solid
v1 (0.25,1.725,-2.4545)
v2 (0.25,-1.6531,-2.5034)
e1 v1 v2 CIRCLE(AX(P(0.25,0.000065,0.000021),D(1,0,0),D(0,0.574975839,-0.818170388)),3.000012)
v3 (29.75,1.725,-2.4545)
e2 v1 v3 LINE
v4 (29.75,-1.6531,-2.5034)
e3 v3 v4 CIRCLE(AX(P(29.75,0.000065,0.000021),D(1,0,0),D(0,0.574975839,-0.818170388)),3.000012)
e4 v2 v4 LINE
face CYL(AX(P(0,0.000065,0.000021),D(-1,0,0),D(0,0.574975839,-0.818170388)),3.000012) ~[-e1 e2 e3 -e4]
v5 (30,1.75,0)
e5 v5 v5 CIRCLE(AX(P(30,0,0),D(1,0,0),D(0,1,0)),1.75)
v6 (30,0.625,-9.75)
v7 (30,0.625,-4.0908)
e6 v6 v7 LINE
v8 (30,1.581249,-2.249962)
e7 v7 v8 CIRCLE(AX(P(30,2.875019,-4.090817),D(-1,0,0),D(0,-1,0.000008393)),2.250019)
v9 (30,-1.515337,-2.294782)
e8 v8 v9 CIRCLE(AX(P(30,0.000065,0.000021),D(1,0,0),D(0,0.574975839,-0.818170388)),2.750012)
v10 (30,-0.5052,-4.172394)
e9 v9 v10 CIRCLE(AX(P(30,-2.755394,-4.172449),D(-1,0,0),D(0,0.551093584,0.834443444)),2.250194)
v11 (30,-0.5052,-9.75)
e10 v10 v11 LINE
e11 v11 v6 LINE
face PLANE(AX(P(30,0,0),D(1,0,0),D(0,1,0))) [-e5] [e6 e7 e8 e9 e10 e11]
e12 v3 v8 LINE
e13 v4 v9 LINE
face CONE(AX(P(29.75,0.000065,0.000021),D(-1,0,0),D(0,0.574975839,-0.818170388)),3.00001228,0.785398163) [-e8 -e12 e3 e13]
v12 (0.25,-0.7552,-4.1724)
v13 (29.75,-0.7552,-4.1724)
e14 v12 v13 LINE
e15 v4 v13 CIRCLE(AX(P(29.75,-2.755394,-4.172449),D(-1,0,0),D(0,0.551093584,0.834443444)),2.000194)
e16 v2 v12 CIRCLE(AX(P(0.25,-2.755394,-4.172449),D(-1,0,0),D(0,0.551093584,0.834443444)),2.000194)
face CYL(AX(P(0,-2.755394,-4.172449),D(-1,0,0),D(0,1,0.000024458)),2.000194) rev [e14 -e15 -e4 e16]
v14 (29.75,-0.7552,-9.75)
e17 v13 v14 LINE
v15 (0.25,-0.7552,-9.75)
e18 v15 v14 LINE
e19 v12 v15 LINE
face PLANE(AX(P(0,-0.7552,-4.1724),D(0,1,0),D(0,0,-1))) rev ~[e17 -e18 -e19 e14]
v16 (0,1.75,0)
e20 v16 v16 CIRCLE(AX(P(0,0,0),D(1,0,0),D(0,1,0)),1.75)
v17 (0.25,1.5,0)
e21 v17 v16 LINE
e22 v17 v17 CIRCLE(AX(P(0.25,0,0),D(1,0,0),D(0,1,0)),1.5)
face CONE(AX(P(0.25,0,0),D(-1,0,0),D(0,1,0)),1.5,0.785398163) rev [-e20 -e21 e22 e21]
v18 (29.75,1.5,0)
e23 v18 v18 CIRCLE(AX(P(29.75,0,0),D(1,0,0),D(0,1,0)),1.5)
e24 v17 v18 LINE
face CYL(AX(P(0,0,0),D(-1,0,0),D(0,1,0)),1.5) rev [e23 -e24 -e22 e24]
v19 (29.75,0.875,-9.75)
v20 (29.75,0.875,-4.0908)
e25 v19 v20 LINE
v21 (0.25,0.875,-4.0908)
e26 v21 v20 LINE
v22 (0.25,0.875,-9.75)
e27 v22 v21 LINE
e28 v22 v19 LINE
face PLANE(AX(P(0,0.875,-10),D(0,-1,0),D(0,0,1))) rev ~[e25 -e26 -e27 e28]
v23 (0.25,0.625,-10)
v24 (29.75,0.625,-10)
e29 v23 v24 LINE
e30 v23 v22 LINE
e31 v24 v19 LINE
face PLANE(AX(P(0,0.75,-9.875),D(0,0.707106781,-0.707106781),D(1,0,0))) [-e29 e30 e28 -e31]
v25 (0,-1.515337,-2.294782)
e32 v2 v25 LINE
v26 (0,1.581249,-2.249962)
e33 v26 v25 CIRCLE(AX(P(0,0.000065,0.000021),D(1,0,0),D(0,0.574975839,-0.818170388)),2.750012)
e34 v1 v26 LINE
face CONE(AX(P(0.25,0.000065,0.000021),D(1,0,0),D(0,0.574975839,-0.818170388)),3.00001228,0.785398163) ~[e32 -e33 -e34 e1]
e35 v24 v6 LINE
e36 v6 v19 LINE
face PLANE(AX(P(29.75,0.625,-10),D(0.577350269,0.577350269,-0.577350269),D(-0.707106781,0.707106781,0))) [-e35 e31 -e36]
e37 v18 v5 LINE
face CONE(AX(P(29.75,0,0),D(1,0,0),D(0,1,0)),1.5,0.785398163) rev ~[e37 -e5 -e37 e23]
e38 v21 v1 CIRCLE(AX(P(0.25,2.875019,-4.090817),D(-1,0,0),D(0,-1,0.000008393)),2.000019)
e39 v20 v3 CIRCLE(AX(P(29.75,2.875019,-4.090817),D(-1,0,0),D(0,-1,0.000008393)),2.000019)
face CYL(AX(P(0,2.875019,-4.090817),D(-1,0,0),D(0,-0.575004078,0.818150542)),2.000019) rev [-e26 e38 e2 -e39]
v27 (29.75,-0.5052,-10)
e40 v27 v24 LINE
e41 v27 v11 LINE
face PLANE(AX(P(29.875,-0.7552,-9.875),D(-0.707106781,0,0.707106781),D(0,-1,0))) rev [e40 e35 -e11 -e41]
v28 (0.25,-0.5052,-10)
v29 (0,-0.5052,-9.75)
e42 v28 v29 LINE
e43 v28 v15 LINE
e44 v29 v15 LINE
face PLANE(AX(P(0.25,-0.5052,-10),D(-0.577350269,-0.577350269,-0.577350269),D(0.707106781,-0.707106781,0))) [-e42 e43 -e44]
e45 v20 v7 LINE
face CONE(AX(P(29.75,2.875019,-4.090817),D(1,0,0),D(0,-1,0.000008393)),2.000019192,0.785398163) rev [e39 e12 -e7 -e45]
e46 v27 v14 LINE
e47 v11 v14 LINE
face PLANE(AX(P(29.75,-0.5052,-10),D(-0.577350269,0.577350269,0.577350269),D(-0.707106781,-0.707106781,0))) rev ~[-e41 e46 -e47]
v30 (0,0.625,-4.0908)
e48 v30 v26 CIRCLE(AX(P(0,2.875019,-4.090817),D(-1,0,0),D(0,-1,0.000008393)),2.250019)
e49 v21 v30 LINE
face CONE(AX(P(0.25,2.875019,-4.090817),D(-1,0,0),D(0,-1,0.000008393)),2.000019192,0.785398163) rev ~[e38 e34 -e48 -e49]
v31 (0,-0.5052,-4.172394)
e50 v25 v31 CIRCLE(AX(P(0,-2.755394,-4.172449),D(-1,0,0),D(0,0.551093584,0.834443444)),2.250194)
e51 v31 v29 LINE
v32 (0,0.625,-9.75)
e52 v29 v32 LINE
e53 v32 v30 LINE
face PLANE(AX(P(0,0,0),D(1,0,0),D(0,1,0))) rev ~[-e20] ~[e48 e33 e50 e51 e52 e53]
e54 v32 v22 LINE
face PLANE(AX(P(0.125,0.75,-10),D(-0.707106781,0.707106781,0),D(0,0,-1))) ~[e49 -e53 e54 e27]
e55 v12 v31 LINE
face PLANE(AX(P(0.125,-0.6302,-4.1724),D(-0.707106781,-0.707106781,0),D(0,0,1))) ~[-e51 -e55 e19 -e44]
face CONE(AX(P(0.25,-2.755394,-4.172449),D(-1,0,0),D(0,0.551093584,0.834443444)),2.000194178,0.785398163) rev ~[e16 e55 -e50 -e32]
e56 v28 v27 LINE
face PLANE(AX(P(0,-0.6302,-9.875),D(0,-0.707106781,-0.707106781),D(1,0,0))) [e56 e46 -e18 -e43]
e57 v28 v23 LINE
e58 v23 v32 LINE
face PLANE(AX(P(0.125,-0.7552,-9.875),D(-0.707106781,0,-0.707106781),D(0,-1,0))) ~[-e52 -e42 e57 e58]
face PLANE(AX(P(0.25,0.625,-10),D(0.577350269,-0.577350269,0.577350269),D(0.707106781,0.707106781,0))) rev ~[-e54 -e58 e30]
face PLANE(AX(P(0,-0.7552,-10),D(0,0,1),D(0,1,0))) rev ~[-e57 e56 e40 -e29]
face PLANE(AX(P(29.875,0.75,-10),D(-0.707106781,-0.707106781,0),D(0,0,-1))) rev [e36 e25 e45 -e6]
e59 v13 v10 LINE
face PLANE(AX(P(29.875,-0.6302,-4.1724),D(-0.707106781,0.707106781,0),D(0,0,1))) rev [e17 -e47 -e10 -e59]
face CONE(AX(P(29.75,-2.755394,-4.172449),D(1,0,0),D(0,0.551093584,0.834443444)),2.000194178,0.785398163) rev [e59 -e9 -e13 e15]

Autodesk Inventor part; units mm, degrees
ref_plane "YZ Plane" through (0, 0, 0) normal (1, 0, 0) x (0, 1, 0)
ref_plane "XZ Plane" through (0, 0, 0) normal (0, 1, 0) x (-1, 0, 0)
ref_plane "XY Plane" through (0, 0, 0) normal (0, 0, 1) x (1, 0, 0)
sketch "Sketch3" plane through (0, 0, 0) normal (1, 0, 0) x (0, 1, 0)
  circle A0 centre (0, 0) radius 1.5
  arc A1 (1.725, -2.4545) -> (-1.6531, -2.5034) centre (0, 0) ccw
  line L0 (-0.7552, -4.1724) -> (-0.7552, -10)
  line L1 (-0.7552, -10) -> (0.875, -10)
  line L2 (0.875, -10) -> (0.875, -4.0908)
  arc A2 (1.725, -2.4545) -> (0.875, -4.0908) centre (2.875, -4.0908) ccw
  arc A3 (-0.7552, -4.1724) -> (-1.6531, -2.5034) centre (-2.7552, -4.1724) ccw
  dimension "d4" = 3
  dimension "d5" = 6
  dimension "d7" = 2
extrude "Extrusion2" add sketch "Sketch3" along normal blind 30
chamfer "Chamfer1" distance 0.25 angle 45 16 edges at (30, 0.875, -7.0454) (30, 1.1002, -3.1688) (30, -0.0435, 2.9997) (30, -0.9939, -3.2248) (30, -0.7552, -7.0862) (30, 0.0599, -10) (30, -1.5, 0) (0, -1.5, 0) (0, -0.0435, 2.9997) (0, -0.9939, -3.2248) (0, -0.7552, -7.0862) (0, 1.1002, -3.1688) (0, 0.875, -7.0454) (0, 0.0599, -10) (15, 0.875, -10) (15, -0.7552, -10)
properties part number "CoinLock"
